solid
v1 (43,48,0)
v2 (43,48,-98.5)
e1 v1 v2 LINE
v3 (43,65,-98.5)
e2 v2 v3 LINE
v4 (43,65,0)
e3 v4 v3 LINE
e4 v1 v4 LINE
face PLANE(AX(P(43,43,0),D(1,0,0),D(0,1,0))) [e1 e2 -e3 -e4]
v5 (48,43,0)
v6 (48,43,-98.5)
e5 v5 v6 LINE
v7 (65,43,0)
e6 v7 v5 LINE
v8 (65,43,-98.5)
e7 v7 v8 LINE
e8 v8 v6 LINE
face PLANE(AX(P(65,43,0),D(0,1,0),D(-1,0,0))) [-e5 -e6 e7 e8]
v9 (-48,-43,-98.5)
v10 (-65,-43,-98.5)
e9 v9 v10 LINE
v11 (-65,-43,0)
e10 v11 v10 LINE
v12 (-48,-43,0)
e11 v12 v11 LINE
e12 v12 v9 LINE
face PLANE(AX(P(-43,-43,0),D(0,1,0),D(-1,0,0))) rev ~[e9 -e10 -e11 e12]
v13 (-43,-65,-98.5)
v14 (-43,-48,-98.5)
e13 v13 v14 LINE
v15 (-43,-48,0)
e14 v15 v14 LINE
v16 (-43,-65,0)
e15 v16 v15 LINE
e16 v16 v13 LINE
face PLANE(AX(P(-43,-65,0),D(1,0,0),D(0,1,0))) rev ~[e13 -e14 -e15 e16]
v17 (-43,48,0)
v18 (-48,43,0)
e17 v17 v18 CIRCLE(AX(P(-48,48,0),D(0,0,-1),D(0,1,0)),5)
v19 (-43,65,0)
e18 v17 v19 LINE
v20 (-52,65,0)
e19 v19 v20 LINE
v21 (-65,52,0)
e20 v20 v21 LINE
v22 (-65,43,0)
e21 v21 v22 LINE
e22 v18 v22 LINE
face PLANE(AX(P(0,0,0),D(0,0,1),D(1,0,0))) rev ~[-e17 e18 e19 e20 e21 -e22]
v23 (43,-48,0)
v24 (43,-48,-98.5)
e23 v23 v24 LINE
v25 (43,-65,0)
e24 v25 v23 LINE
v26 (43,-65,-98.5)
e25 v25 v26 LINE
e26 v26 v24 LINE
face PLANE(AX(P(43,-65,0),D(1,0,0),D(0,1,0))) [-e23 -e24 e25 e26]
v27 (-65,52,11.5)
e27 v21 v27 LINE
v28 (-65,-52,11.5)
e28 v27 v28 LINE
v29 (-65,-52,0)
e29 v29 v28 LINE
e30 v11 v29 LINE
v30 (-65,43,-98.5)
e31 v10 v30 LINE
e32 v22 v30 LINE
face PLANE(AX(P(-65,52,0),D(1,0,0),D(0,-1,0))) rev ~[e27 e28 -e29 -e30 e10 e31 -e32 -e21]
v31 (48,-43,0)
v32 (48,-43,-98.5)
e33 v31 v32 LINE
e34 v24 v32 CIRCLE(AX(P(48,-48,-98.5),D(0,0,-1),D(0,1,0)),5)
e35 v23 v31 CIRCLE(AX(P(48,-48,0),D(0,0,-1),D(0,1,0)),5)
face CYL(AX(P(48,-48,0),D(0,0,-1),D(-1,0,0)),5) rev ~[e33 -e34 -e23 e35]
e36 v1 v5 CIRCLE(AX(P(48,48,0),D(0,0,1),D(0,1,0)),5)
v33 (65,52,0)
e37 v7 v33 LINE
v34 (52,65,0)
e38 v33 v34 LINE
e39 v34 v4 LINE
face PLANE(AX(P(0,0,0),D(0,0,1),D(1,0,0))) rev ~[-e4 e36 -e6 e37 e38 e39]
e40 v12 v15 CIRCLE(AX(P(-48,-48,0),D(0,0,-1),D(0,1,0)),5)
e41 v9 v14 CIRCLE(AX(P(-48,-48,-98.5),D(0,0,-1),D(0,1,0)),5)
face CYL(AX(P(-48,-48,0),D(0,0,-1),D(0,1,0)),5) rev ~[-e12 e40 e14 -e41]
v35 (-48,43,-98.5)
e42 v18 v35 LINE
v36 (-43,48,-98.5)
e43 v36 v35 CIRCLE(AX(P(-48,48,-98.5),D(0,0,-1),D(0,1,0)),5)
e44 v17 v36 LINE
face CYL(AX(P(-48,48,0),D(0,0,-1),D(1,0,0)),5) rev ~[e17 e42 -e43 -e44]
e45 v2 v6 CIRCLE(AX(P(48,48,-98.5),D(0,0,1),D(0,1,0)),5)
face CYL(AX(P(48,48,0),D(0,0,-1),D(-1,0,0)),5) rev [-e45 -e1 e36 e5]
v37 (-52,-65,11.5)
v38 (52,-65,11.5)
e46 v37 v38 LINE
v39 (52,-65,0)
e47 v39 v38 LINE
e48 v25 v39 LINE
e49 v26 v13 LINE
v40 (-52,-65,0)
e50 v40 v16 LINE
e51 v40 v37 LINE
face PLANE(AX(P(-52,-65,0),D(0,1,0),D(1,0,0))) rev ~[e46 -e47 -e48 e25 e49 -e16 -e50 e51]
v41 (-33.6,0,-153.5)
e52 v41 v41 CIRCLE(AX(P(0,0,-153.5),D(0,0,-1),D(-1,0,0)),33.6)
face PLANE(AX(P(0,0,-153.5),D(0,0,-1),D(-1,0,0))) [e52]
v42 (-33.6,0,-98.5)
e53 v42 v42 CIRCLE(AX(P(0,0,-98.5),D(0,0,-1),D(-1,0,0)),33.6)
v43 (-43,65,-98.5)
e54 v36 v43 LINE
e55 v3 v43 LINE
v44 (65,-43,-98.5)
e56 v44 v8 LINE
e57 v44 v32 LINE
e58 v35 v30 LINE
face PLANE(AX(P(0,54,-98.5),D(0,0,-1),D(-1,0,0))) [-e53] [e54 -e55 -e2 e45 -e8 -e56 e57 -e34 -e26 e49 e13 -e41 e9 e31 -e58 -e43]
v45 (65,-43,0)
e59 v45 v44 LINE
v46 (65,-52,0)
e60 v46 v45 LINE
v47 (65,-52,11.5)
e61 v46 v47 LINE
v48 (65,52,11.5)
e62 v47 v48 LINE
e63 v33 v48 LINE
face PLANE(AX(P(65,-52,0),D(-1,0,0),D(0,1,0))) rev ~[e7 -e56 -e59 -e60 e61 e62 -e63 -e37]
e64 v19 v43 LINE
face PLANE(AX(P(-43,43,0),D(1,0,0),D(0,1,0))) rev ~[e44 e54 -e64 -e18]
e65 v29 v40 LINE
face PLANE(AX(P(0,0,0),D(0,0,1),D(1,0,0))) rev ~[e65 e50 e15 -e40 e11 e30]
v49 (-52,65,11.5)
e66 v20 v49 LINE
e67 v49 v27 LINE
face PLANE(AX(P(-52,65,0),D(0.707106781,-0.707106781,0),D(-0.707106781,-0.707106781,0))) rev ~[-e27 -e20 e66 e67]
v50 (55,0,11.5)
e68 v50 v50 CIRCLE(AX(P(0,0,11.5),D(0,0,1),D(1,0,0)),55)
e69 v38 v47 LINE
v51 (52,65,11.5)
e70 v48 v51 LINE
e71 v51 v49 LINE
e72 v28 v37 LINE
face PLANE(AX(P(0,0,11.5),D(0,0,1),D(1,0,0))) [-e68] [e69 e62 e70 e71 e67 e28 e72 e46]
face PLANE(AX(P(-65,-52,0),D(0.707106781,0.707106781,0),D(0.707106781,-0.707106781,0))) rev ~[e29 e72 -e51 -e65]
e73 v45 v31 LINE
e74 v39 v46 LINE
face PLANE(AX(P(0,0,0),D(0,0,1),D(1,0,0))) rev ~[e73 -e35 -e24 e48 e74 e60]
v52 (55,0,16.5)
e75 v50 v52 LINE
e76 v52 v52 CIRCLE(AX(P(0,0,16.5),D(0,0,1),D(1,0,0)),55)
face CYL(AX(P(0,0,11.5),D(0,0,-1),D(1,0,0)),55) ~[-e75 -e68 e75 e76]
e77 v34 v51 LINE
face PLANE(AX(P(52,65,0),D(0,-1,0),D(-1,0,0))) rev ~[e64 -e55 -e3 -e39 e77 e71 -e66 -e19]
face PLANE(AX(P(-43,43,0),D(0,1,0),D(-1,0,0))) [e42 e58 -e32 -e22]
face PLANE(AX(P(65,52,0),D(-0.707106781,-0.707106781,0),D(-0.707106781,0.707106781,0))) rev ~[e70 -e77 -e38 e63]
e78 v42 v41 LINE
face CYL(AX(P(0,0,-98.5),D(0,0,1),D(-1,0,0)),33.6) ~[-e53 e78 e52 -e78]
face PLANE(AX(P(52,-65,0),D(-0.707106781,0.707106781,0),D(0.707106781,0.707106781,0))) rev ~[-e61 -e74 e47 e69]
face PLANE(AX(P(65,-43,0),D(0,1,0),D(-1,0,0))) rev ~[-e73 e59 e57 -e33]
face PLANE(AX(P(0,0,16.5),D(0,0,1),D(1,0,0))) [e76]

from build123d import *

# Parameters (mm, degrees)
EXTRUDE_1_DEPTH = 11.5
SKETCH_2_R      = 55
EXTRUDE_2_DEPTH = 5
SKETCH_5_W      = 86
SKETCH_5_H      = 22
SKETCH_5_W_2    = 22
SKETCH_5_H_2    = 86
EXTRUDE_4_DEPTH = 98.5
FILLET_1_R      = 5
SKETCH_6_R      = 33.6
EXTRUDE_5_DEPTH = 55


with BuildPart() as part:
    # 草图1 → 凸台-拉伸1 (new body)
    with BuildSketch(Plane.XY):
        Polygon((-65, -52), (-52, -65), (52, -65), (65, -52), (65, 52), (52, 65), (-52, 65), (-65, 52), align=None)
    extrude(amount=EXTRUDE_1_DEPTH)

    # 草图2 → 凸台-拉伸2 (add)
    with BuildSketch(Plane.XY.offset(11.5)):
        Circle(SKETCH_2_R)
    extrude(amount=EXTRUDE_2_DEPTH)

    # 草图5 → 凸台-拉伸4 (add)
    with BuildSketch(Plane(origin=(0, 0, 0), x_dir=(-1, 0, 0), z_dir=(0, 0, -1))):
        with Locations((0, 54)):
            Rectangle(SKETCH_5_W, SKETCH_5_H)
        with Locations((-54, 0)):
            Rectangle(SKETCH_5_W_2, SKETCH_5_H_2)
        Rectangle(SKETCH_5_W, SKETCH_5_H_2)
        with Locations((54, 0)):
            Rectangle(SKETCH_5_W_2, SKETCH_5_H_2)
        with Locations((0, -54)):
            Rectangle(SKETCH_5_W, SKETCH_5_H)
    extrude(amount=EXTRUDE_4_DEPTH)

    # 圆角1
    fillet_1_edges = [part.edges().sort_by_distance(p)[0] for p in [
        (43, 43, -49.25),
        (43, -43, -49.25),
        (-43, -43, -49.25),
        (-43, 43, -49.25),
    ]]
    fillet(fillet_1_edges, radius=FILLET_1_R)

    # 草图6 → 凸台-拉伸5 (add)
    with BuildSketch(Plane(origin=(0, 0, -98.5), x_dir=(-1, 0, 0), z_dir=(0, 0, -1))):
        Circle(SKETCH_6_R)
    extrude(amount=EXTRUDE_5_DEPTH)


solid = part.part
